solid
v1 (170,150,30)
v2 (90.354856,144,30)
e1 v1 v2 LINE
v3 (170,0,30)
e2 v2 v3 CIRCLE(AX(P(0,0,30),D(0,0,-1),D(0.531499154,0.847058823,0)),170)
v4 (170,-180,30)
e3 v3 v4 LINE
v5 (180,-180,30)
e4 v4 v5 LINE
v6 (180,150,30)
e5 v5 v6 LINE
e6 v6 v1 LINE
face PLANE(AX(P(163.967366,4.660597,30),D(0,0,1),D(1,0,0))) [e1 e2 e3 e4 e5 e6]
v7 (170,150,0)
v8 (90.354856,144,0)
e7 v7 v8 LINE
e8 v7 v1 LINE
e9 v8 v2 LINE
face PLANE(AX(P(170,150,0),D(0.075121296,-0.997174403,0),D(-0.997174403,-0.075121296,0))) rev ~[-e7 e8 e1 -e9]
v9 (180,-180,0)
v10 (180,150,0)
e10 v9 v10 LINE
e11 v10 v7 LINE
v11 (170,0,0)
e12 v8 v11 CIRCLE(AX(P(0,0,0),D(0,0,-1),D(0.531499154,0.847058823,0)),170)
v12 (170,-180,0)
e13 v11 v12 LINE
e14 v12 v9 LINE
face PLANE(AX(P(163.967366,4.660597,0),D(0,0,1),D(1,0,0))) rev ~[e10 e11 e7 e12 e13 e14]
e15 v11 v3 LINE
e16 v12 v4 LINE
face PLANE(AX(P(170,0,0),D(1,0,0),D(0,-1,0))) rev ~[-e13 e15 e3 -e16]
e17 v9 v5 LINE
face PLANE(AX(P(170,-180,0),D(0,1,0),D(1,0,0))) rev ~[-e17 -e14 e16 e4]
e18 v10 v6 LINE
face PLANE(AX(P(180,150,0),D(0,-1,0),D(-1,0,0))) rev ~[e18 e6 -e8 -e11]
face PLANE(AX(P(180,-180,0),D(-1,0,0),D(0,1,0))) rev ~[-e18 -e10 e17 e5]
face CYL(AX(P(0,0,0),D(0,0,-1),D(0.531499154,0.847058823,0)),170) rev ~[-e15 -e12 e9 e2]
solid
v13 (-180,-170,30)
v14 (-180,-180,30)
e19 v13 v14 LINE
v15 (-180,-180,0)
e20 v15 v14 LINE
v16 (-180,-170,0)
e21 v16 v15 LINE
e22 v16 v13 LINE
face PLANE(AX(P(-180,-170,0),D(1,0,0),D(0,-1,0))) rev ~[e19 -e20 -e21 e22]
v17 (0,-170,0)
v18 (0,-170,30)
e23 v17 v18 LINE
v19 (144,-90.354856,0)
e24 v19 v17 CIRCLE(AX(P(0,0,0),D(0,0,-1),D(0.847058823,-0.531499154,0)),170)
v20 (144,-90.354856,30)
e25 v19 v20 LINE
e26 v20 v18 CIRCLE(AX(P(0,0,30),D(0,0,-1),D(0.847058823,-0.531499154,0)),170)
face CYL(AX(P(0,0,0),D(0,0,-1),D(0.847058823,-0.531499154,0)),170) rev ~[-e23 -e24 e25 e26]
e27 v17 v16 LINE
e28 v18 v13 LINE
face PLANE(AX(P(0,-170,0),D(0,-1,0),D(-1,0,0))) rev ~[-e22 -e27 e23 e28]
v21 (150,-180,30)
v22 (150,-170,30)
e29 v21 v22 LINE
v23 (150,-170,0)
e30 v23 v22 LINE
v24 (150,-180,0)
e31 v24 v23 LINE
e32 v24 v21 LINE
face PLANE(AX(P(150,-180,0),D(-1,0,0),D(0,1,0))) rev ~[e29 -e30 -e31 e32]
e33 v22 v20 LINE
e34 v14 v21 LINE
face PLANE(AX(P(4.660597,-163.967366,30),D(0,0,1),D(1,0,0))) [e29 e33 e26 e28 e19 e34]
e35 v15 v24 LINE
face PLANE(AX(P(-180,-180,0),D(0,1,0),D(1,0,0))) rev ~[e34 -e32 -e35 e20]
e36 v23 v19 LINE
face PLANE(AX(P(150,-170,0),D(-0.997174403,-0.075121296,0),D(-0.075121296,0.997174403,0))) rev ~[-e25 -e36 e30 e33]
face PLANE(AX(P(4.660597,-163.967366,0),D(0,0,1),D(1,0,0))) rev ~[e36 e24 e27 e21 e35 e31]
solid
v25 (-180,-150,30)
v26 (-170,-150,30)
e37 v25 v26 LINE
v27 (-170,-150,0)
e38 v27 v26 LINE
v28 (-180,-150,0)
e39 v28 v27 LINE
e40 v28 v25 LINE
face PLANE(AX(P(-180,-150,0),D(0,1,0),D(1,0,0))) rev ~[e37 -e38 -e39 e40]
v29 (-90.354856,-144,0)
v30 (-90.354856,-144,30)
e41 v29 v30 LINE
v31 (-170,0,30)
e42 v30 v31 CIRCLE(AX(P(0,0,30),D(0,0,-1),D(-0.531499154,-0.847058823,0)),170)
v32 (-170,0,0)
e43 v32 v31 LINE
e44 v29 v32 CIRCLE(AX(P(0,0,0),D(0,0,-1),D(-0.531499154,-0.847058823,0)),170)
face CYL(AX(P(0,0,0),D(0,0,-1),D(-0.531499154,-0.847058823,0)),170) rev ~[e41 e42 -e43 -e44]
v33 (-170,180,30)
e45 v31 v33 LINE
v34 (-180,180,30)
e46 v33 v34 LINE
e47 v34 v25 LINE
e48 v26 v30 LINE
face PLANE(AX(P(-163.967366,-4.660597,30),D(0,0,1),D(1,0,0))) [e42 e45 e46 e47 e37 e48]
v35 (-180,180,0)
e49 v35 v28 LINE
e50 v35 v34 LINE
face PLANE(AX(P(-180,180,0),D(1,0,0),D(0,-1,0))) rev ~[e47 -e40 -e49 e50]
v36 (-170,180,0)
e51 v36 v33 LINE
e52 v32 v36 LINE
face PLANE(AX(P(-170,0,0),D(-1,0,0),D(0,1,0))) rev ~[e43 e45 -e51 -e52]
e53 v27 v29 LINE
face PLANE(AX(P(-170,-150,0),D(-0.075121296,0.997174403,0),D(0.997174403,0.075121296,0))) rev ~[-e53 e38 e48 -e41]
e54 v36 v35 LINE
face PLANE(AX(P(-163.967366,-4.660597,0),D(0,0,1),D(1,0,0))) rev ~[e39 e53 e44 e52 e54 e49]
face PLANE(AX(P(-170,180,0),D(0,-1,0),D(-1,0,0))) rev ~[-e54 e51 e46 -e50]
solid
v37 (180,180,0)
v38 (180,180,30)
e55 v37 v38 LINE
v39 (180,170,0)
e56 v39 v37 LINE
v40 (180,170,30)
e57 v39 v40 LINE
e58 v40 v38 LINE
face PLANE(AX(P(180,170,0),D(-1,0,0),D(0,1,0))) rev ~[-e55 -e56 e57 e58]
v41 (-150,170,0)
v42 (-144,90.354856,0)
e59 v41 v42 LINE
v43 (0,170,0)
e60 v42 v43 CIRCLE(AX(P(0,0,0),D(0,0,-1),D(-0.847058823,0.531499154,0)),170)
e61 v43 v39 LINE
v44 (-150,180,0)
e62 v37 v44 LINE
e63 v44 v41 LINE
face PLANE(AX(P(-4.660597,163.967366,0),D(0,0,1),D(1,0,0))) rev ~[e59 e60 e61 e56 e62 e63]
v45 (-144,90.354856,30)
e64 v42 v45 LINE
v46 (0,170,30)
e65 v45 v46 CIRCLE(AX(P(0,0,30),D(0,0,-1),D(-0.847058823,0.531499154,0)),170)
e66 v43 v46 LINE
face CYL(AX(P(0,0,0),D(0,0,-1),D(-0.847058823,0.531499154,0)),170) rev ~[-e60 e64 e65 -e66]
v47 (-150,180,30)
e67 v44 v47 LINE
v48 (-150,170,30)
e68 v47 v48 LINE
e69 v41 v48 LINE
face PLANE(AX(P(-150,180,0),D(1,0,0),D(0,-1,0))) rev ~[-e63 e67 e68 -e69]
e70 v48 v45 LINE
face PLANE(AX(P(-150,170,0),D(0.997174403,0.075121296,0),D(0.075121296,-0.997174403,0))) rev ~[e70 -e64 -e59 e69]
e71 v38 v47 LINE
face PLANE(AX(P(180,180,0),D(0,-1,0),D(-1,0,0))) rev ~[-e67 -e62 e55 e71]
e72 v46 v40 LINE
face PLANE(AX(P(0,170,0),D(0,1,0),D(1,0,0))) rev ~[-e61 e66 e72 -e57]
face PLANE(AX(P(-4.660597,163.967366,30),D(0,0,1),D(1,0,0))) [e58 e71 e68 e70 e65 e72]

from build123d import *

# Parameters (mm, degrees)
F2_DEPTH = 30


with BuildPart() as f2:
    # F1 (on Top) → F2 (new body)
    with BuildSketch(Plane.XY):
        with BuildLine():
            ThreePointArc((-144, 90.354856), (-82.279021, 148.762101), (0, 170))
            Line((0, 170), (170, 170))
            Line((170, 170), (180, 170))
            Line((180, 170), (180, 180))
            Line((180, 180), (170, 180))
            Line((170, 180), (-150, 180))
            Line((-150, 180), (-150, 170))
            Line((-150, 170), (-144, 90.354856))
        make_face()
        with BuildLine():
            Line((0, -170), (-170, -170))
            Line((-170, -170), (-180, -170))
            Line((-180, -170), (-180, -180))
            Line((-180, -180), (-170, -180))
            Line((-170, -180), (150, -180))
            Line((150, -180), (150, -170))
            Line((150, -170), (144, -90.354856))
            ThreePointArc((144, -90.354856), (82.279021, -148.762101), (0, -170))
        make_face()
        with BuildLine():
            Line((-170, 0), (-170, 170))
            Line((-170, 170), (-170, 180))
            Line((-170, 180), (-180, 180))
            Line((-180, 180), (-180, 170))
            Line((-180, 170), (-180, -150))
            Line((-180, -150), (-170, -150))
            Line((-170, -150), (-90.354856, -144))
            ThreePointArc((-90.354856, -144), (-148.762101, -82.279021), (-170, 0))
        make_face()
        with BuildLine():
            ThreePointArc((90.354856, 144), (148.762101, 82.279021), (170, 0))
            Line((170, 0), (170, -170))
            Line((170, -170), (170, -180))
            Line((170, -180), (180, -180))
            Line((180, -180), (180, -170))
            Line((180, -170), (180, 150))
            Line((180, 150), (170, 150))
            Line((170, 150), (90.354856, 144))
        make_face()
    extrude(amount=F2_DEPTH)


solid = f2.part
